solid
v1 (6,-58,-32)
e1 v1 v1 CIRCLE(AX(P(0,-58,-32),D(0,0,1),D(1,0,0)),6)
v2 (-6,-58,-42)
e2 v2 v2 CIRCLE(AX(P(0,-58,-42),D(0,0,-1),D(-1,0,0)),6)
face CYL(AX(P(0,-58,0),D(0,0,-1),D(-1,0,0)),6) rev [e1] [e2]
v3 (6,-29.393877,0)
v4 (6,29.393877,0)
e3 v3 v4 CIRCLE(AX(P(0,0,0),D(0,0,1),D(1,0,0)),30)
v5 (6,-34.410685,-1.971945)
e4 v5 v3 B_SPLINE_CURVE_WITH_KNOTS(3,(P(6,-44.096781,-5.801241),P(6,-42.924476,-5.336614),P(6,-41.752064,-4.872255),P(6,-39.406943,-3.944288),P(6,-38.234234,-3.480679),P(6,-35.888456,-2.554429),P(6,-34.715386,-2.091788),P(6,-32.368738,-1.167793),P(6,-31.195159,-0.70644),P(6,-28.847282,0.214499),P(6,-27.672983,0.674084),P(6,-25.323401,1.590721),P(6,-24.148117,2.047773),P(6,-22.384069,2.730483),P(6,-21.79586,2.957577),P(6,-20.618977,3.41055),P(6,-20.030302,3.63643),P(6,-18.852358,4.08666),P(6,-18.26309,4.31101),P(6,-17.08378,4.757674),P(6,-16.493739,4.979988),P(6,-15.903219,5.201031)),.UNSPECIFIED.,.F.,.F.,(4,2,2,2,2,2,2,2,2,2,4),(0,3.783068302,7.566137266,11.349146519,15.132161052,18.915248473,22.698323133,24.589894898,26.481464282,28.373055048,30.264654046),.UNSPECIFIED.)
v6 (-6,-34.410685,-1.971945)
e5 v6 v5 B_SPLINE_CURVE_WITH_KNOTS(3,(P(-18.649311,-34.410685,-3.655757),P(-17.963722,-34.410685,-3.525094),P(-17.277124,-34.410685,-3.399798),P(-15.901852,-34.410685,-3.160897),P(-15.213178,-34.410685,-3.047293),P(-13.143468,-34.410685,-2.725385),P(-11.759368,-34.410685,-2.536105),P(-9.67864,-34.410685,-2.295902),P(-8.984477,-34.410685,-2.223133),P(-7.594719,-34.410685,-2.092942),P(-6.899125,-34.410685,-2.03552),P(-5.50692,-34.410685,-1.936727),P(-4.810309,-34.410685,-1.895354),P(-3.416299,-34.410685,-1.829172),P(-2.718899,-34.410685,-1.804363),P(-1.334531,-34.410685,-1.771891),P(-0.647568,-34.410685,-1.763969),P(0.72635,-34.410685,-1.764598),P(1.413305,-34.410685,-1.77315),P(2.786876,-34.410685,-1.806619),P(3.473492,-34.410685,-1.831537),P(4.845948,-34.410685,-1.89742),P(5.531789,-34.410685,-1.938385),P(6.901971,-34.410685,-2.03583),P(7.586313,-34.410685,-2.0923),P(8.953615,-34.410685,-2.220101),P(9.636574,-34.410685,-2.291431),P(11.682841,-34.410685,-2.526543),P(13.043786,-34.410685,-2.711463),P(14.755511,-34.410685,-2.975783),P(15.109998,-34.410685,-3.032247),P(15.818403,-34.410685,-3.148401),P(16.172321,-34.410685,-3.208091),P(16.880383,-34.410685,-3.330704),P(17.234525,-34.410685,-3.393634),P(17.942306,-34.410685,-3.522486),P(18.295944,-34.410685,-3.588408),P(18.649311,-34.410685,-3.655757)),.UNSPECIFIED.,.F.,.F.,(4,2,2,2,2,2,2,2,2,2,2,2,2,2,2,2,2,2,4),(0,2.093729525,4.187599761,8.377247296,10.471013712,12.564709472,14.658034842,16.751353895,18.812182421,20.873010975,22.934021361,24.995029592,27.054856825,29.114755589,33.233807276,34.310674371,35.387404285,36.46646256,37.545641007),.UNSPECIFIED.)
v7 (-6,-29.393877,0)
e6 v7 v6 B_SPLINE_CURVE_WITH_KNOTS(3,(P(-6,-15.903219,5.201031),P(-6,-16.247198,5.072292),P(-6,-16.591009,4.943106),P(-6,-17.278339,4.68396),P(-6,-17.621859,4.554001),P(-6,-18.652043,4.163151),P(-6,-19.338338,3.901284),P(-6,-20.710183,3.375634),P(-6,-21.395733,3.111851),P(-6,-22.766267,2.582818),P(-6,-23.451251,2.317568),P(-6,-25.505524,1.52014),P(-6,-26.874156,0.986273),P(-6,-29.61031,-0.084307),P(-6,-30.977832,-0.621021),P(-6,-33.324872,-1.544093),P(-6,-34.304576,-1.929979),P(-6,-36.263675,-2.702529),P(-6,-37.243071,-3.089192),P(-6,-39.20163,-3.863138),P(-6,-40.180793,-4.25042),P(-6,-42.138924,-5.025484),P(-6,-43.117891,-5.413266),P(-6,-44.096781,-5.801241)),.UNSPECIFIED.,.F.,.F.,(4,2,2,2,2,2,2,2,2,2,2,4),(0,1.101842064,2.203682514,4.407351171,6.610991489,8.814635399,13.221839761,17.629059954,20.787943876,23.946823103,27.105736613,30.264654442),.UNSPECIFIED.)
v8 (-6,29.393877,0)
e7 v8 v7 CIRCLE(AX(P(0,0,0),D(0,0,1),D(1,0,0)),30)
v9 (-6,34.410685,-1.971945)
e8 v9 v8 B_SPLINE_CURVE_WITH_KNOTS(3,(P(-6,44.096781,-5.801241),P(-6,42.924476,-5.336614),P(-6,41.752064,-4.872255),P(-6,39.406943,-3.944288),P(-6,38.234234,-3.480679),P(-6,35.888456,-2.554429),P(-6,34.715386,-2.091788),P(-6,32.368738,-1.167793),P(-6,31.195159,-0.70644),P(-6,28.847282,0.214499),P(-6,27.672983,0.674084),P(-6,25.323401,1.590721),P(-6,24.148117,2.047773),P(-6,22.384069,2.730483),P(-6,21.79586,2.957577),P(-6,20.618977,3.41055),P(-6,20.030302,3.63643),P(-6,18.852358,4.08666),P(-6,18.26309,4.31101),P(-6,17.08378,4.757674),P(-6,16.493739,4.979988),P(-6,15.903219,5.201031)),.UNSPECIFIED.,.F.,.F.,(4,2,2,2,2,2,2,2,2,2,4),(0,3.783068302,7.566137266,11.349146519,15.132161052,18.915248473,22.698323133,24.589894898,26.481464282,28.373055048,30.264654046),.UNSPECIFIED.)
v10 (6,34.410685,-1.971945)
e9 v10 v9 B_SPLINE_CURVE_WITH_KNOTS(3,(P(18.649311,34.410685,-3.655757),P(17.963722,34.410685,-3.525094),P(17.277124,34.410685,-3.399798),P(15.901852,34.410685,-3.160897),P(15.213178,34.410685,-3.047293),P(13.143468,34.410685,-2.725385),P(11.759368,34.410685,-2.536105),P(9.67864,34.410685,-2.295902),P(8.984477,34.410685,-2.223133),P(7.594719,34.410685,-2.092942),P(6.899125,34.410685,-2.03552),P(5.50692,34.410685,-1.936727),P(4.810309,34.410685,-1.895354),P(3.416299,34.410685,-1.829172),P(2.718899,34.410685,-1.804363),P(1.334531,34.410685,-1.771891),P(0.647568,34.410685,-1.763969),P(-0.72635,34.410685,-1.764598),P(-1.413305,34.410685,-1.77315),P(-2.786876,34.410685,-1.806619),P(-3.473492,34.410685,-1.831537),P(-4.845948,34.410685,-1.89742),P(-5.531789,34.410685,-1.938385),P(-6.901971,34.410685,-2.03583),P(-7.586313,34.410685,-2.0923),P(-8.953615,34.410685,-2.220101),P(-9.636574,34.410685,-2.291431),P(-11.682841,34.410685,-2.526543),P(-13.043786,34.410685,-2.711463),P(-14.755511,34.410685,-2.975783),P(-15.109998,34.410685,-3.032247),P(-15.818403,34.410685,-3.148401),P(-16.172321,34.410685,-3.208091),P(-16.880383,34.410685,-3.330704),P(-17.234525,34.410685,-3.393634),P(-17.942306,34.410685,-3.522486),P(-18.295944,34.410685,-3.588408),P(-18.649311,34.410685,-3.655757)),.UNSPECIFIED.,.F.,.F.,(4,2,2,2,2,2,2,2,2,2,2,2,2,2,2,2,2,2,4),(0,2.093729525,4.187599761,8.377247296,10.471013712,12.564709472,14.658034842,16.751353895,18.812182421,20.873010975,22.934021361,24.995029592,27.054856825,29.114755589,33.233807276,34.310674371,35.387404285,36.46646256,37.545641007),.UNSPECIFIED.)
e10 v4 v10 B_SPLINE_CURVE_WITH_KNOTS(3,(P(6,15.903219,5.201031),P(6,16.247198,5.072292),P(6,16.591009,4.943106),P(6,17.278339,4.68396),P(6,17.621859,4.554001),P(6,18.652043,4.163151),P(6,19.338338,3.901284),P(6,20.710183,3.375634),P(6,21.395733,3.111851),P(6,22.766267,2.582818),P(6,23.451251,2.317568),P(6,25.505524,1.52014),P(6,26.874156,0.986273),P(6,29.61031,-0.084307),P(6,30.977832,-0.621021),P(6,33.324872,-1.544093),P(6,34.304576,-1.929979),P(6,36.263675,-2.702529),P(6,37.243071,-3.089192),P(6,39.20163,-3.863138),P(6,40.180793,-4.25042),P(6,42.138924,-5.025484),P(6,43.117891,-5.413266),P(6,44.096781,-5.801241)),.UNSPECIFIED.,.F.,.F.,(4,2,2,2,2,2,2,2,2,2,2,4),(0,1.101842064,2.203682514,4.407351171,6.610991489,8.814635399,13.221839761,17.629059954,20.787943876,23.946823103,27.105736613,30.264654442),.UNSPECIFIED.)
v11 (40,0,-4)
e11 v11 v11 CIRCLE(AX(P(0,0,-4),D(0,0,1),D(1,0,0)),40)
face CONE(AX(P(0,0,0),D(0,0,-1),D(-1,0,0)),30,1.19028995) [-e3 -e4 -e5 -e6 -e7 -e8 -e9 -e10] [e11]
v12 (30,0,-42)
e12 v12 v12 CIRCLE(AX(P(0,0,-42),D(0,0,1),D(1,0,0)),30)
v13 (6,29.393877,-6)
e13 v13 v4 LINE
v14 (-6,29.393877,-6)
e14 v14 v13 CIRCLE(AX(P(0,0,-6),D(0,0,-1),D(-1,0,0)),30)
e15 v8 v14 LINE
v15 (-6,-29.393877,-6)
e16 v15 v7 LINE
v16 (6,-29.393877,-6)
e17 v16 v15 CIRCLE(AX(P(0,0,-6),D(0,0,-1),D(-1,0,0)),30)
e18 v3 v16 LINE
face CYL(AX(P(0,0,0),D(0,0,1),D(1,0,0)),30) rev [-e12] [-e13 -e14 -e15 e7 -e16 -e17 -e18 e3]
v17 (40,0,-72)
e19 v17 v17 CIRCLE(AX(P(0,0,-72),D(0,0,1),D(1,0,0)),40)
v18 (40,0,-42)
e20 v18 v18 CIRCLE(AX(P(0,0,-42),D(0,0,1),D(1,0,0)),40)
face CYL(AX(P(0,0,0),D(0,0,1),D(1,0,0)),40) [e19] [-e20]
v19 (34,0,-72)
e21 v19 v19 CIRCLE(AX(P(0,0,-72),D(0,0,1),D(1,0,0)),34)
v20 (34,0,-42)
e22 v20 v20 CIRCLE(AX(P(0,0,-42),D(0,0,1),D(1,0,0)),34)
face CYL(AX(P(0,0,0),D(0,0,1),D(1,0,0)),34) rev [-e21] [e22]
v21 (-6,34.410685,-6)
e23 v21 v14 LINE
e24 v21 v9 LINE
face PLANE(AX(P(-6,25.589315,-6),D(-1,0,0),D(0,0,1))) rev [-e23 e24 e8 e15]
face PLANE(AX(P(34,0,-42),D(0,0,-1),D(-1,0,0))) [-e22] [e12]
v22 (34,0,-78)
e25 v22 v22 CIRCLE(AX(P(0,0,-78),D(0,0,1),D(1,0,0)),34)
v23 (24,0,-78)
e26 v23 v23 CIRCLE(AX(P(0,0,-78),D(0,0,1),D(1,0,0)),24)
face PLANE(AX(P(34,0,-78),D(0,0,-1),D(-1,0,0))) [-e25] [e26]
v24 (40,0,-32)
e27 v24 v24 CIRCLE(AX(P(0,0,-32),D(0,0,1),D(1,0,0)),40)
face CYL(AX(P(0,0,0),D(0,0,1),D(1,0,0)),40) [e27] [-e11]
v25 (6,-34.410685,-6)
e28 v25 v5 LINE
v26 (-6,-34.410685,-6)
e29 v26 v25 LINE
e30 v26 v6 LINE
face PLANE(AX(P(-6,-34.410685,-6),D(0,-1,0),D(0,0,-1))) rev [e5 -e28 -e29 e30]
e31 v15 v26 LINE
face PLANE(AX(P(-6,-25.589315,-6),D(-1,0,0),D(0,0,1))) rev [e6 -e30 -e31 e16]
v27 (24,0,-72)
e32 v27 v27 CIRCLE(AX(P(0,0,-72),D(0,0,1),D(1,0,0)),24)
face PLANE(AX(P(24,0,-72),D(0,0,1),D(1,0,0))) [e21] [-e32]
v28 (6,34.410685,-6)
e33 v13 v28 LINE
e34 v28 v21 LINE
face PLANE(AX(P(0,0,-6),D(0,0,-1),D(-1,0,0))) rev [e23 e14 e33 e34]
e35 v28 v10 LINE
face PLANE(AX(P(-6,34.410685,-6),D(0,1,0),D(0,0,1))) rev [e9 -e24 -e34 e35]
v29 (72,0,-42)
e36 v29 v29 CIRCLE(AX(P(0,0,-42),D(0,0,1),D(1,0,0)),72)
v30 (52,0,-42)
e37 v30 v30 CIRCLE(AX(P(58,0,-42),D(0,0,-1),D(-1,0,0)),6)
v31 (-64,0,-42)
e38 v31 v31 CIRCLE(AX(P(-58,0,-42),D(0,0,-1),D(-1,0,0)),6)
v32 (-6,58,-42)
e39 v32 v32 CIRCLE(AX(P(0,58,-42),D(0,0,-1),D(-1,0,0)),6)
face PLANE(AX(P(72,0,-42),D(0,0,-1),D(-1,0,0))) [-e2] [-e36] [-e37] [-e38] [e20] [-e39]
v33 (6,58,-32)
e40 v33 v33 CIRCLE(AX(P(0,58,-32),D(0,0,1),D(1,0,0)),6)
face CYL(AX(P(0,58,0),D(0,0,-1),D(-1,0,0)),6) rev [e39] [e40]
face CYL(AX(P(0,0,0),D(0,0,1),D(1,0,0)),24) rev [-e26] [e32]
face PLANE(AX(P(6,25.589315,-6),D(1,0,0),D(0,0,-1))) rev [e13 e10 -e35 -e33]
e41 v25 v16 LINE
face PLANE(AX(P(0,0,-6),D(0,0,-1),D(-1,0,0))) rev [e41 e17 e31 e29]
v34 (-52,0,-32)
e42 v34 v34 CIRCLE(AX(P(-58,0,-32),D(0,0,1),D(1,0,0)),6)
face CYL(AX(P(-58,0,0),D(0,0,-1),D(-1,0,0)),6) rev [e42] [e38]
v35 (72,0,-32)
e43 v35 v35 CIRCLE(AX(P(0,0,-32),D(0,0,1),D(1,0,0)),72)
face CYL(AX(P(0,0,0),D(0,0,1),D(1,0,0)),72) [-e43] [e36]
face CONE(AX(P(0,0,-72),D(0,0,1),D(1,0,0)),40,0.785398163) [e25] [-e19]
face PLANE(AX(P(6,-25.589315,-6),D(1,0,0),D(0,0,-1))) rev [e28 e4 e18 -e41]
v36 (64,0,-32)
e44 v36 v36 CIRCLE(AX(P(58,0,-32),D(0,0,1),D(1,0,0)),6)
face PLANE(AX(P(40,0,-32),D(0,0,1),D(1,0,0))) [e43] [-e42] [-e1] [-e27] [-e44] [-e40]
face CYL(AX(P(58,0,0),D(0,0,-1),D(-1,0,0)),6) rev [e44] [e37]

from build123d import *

# Parameters (mm, degrees)
CUT_EXTRUDE1_DEPTH      = 111.145358504
CUT_EXTRUDE1_DEPTH_BACK = 111.145358504
SKETCH2_R               = 6
SKETCH5_W               = 12
SKETCH5_H               = 8.82137068
CUT_EXTRUDE3_DEPTH      = 6


with BuildPart() as part:
    # Sketch1 → Revolve1 (revolve)
    with BuildSketch(Plane(origin=(0, 0, 0), x_dir=(1, 0, 0), z_dir=(0, 1, 0))):
        Polygon((24, 78), (24, 72), (34, 72), (34, 42), (30, 42), (30, 0), (40, 4), (40, 32), (72, 32), (72, 42), (40, 42), (40, 72), (34, 78), align=None)
    revolve(axis=Axis((0, 0, 0), (0, 0, -1)))

    # Sketch2 → Cut-Extrude1 (cut, two sides: drawn at the far end of the back side and taken through both)
    with BuildSketch(Plane(origin=(0, 0, -42), x_dir=(-1, 0, 0), z_dir=(0, 0, -1)).offset(-CUT_EXTRUDE1_DEPTH_BACK)):
        with Locations((0, 58)):
            Circle(SKETCH2_R)
        with Locations((58, 0)):
            Circle(SKETCH2_R)
        with Locations((0, -58)):
            Circle(SKETCH2_R)
        with Locations((-58, 0)):
            Circle(SKETCH2_R)
    extrude(amount=CUT_EXTRUDE1_DEPTH + CUT_EXTRUDE1_DEPTH_BACK, mode=Mode.SUBTRACT)

    # Sketch5 → Cut-Extrude3 (cut)
    with BuildSketch(Plane.XY):
        with Locations((0, 30)):
            Rectangle(SKETCH5_W, SKETCH5_H)
        with Locations((0, -30)):
            Rectangle(SKETCH5_W, SKETCH5_H)
    extrude(amount=-CUT_EXTRUDE3_DEPTH, mode=Mode.SUBTRACT)


solid = part.part
